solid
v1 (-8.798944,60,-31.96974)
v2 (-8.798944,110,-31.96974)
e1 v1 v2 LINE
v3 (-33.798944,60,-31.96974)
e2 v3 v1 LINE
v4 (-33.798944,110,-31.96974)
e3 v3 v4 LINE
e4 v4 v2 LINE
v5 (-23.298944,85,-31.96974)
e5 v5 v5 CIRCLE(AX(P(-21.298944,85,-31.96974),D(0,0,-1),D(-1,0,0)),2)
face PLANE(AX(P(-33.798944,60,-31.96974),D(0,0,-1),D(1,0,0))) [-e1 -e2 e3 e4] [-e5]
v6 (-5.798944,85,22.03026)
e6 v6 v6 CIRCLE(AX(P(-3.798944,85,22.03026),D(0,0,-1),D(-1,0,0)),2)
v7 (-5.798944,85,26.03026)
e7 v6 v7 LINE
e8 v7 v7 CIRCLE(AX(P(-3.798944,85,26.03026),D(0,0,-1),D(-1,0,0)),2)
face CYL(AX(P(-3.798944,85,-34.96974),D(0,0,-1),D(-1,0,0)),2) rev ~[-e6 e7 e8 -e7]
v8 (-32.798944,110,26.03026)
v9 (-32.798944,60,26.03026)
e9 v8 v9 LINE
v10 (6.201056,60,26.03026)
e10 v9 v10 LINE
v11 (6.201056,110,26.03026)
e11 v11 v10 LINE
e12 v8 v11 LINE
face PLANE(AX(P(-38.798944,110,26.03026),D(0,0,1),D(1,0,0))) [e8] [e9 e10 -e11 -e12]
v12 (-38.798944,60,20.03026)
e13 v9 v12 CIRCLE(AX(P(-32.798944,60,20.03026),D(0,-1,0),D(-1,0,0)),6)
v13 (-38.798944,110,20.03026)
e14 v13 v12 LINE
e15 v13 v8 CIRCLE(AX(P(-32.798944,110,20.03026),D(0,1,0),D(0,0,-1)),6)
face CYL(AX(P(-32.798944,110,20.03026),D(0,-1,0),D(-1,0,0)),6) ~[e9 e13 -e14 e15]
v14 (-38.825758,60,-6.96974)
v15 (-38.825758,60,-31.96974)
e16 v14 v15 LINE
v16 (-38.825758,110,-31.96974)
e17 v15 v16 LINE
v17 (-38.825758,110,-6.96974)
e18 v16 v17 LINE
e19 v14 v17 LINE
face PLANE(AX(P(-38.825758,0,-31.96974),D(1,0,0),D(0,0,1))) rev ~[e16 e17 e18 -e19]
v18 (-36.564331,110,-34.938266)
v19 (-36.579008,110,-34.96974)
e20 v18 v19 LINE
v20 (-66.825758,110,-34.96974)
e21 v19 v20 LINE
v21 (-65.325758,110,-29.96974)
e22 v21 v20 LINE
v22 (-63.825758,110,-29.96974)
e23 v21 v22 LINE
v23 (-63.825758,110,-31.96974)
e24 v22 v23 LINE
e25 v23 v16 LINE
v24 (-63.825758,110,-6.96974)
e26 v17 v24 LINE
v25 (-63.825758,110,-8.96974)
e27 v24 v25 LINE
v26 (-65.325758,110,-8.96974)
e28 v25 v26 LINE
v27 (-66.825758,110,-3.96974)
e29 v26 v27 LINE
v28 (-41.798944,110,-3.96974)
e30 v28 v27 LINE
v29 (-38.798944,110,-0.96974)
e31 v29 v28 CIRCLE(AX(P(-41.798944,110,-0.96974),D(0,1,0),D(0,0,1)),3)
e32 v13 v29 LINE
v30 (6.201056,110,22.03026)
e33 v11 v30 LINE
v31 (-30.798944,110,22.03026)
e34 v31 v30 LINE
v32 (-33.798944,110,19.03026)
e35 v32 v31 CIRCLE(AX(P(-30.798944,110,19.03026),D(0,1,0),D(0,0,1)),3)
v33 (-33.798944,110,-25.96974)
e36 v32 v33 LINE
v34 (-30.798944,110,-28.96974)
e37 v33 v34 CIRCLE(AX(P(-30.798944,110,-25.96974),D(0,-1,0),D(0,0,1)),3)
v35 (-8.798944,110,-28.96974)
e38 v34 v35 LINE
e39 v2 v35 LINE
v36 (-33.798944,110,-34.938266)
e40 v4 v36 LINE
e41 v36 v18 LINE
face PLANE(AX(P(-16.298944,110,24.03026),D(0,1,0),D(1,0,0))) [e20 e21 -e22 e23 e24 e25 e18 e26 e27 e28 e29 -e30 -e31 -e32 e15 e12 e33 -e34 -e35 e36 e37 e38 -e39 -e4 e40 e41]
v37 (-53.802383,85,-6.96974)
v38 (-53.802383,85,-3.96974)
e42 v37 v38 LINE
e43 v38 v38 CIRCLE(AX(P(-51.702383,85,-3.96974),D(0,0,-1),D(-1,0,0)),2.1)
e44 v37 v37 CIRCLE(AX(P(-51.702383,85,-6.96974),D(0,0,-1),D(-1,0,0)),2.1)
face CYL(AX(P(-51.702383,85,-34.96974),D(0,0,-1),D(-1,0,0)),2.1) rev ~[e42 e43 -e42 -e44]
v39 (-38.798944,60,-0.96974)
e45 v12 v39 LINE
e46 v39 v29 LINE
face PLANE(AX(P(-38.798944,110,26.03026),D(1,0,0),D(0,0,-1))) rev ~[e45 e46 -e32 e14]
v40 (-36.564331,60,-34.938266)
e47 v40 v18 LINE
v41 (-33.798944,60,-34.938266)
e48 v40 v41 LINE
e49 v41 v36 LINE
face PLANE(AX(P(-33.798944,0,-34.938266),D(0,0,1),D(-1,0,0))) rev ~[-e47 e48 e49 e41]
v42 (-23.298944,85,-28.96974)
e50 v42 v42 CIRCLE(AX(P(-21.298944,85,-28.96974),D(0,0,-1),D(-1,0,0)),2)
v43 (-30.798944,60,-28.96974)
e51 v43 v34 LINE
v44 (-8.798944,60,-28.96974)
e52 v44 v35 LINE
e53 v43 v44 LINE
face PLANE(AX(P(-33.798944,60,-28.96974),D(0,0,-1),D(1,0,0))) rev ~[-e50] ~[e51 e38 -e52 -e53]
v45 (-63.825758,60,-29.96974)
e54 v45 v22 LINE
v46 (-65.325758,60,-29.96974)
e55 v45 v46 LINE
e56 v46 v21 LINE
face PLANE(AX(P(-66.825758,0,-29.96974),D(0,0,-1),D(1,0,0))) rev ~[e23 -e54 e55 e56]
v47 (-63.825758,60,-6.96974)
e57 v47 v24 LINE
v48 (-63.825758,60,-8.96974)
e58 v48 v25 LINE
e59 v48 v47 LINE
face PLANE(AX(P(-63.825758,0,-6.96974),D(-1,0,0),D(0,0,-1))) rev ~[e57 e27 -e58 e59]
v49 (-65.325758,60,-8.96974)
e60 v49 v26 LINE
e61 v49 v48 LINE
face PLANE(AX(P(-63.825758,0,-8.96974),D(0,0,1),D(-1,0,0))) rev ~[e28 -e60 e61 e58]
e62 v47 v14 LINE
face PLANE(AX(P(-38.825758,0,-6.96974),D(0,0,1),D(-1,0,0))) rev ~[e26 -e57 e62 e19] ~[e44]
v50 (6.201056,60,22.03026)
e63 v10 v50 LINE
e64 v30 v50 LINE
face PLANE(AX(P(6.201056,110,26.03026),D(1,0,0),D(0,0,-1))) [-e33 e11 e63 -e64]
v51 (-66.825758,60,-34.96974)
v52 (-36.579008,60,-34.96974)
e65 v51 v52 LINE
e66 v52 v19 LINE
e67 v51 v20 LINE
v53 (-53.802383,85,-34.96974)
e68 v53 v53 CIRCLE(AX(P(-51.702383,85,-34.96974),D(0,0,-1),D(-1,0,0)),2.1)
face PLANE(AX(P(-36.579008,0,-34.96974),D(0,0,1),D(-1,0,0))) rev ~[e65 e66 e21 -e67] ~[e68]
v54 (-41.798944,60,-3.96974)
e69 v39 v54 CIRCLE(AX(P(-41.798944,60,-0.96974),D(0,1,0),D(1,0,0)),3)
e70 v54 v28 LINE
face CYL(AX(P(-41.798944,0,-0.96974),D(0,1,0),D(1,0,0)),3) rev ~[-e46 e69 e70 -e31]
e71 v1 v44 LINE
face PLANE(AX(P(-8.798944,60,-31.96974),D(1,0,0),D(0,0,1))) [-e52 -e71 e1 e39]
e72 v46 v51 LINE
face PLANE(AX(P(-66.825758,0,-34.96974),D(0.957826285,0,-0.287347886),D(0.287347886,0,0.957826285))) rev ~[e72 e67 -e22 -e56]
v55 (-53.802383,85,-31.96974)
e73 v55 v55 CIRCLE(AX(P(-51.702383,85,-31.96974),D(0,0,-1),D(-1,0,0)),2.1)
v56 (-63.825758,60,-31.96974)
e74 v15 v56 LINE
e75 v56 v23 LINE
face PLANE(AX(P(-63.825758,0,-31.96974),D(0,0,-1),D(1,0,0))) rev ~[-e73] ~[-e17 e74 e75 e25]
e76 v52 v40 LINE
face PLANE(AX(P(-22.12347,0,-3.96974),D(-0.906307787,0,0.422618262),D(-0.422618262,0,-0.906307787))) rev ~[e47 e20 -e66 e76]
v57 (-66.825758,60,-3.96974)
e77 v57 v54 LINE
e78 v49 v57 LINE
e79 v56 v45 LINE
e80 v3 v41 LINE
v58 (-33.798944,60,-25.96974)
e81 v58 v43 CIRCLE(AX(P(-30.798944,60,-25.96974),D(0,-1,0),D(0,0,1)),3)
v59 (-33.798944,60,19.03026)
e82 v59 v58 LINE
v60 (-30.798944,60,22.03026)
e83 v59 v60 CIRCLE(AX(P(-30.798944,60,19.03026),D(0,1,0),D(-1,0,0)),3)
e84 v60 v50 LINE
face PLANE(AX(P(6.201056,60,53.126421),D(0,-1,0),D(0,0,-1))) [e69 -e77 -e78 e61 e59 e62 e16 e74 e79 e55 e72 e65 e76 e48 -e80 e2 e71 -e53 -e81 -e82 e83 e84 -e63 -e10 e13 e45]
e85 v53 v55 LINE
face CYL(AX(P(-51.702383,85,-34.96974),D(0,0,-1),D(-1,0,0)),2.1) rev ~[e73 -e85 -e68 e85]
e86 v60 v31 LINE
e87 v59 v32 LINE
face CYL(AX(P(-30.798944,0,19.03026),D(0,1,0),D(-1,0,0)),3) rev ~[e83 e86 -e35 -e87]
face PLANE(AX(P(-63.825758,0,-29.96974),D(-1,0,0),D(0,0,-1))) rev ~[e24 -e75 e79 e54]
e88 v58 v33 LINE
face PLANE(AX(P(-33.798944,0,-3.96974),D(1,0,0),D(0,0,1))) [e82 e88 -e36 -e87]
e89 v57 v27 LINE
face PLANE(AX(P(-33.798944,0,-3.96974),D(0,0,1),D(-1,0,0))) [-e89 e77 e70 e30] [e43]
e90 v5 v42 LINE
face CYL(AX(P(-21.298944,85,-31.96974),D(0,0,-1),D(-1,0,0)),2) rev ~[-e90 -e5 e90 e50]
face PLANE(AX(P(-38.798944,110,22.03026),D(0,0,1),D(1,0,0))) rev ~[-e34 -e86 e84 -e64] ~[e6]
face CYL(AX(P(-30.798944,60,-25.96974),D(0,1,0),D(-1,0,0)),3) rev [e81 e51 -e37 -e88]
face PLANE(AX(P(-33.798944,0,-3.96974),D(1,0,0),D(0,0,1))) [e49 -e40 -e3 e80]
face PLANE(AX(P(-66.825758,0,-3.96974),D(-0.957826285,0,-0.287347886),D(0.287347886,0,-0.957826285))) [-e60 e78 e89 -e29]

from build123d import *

# Parameters (mm, degrees)
EXTRUDE_1_DEPTH      = 110
CUT_EXTRUDE_4_DEPTH  = 134.373777696
SKETCH_7_W           = 16.60831278
SKETCH_7_H           = 38.473598513
CUT_EXTRUDE_14_DEPTH = 134.373777696
SKETCH_8_W           = 5
SKETCH_8_H           = 30.968526609
EXTRUDE_2_DEPTH      = 110
SKETCH_10_W          = 5
SKETCH_10_H          = 26
EXTRUDE_4_DEPTH      = 110
SKETCH_16_W          = 45
SKETCH_16_H          = 4
EXTRUDE_7_DEPTH      = 110
FILLET_4_R           = 3
FILLET_5_R           = 6
SKETCH_18_W          = 113.67218818
SKETCH_18_H          = 61.649849458
CUT_EXTRUDE_18_DEPTH = 137.586229955
SKETCH_19_R          = 2.1
SKETCH_19_R_2        = 2
CUT_EXTRUDE_19_DEPTH = 143.431323365
SKETCH_22_W          = 25
SKETCH_22_H          = 3
EXTRUDE_10_DEPTH     = 50
FILLET_7_R           = 3
SKETCH_23_R          = 2
CUT_EXTRUDE_24_DEPTH = 10


with BuildPart() as part:
    # Эскиз1 → Бобышка-Вытянуть1 (new body)
    with BuildSketch(Plane(origin=(0, 0, 0), x_dir=(1, 0, 0), z_dir=(0, 1, 0))):
        Polygon((-66.825757576, 34.969739794), (-66.825757576, 29.969739794), (-63.825757576, 29.969739794), (-63.825757576, 31.969739794), (-38.825757576, 31.969739794), (-38.825757576, 6.969739794), (-63.825757576, 6.969739794), (-63.825757576, 8.969739794), (-66.825757576, 8.969739794), (-66.825757576, 3.969739794), (-22.123470102, 3.969739794), (-36.579007505, 34.969739794), align=None)
    extrude(amount=EXTRUDE_1_DEPTH)

    # Эскиз3 → Вырез-Вытянуть4 (cut, through all)
    with BuildSketch(Plane.XZ):
        Polygon((-66.825757576, -3.969739794), (-65.325757576, -8.969739794), (-66.825757576, -8.969739794), align=None)
        Polygon((-66.825757576, -29.969739794), (-66.825757576, -34.969739794), (-65.325757576, -29.969739794), align=None)
    extrude(amount=-CUT_EXTRUDE_4_DEPTH, mode=Mode.SUBTRACT)

    # Эскиз7 → Вырез-Вытянуть14 (cut, through all)
    with BuildSketch(Plane(origin=(0, 0, 0), x_dir=(-1, 0, 0), z_dir=(0, -1, 0))):
        with Locations((27.703474463, 20.539743139)):
            Rectangle(SKETCH_7_W, SKETCH_7_H)
    extrude(amount=-CUT_EXTRUDE_14_DEPTH, mode=Mode.SUBTRACT)

    # Эскиз8 → Бобышка-Вытянуть2 (add)
    with BuildSketch(Plane(origin=(0, 0, 0), x_dir=(-1, 0, 0), z_dir=(0, -1, 0))):
        with Locations((36.298943925, 19.454003098)):
            Rectangle(SKETCH_8_W, SKETCH_8_H)
    extrude(amount=-EXTRUDE_2_DEPTH)

    # Эскиз10 → Бобышка-Вытянуть4 (add)
    with BuildSketch(Plane.XZ):
        with Locations((-36.298943925, 9.030260206)):
            Rectangle(SKETCH_10_W, SKETCH_10_H)
    extrude(amount=-EXTRUDE_4_DEPTH)

    # Эскиз16 → Бобышка-Вытянуть7 (add, through all)
    with BuildSketch(Plane(origin=(0, 110, 0), x_dir=(1, 0, 0), z_dir=(0, 1, 0))):
        with Locations((-16.298943925, -24.030260206)):
            Rectangle(SKETCH_16_W, SKETCH_16_H)
    extrude(amount=-EXTRUDE_7_DEPTH)

    # Скругление4
    fillet_4_edges = [part.edges().sort_by_distance(p)[0] for p in [
        (-38.798943925, 55, -3.969739794),
        (-33.798943925, 55, 22.030260206),
    ]]
    fillet(fillet_4_edges, radius=FILLET_4_R)

    # Скругление5
    fillet_5_edges = [part.edges().sort_by_distance(p)[0] for p in [
        (-38.798943925, 55, 26.030260206),
    ]]
    fillet(fillet_5_edges, radius=FILLET_5_R)

    # Эскиз18 → Вырез-Вытянуть18 (cut, through all)
    with BuildSketch(Plane(origin=(6.201056075, 0, 0), x_dir=(0, 0, -1), z_dir=(1, 0, 0))):
        with Locations((3.709673157, 29.175075271)):
            Rectangle(SKETCH_18_W, SKETCH_18_H)
    extrude(amount=-CUT_EXTRUDE_18_DEPTH, mode=Mode.SUBTRACT)

    # Эскиз19 → Вырез-Вытянуть19 (cut, through all)
    with BuildSketch(Plane(origin=(0, 0, -34.969739794), x_dir=(-1, 0, 0), z_dir=(0, 0, -1))):
        with Locations((51.70238254, 85)):
            Circle(SKETCH_19_R)
        with Locations((3.798943925, 85)):
            Circle(SKETCH_19_R_2)
    extrude(amount=-CUT_EXTRUDE_19_DEPTH, mode=Mode.SUBTRACT)

    # Эскиз22 → Бобышка-Вытянуть10 (add)
    with BuildSketch(Plane.XZ.offset(-60)):
        with Locations((-21.298943925, -30.469739794)):
            Rectangle(SKETCH_22_W, SKETCH_22_H)
    extrude(amount=-EXTRUDE_10_DEPTH)

    # Скругление7
    fillet_7_edges = [part.edges().sort_by_distance(p)[0] for p in [
        (-33.798943925, 85, -28.969739794),
    ]]
    fillet(fillet_7_edges, radius=FILLET_7_R)

    # Эскиз23 → Вырез-Вытянуть24 (cut)
    with BuildSketch(Plane(origin=(0, 0, -31.969739794), x_dir=(-1, 0, 0), z_dir=(0, 0, -1))):
        with Locations((21.298943925, 85)):
            Circle(SKETCH_23_R)
    extrude(amount=-CUT_EXTRUDE_24_DEPTH, mode=Mode.SUBTRACT)


solid = part.part
